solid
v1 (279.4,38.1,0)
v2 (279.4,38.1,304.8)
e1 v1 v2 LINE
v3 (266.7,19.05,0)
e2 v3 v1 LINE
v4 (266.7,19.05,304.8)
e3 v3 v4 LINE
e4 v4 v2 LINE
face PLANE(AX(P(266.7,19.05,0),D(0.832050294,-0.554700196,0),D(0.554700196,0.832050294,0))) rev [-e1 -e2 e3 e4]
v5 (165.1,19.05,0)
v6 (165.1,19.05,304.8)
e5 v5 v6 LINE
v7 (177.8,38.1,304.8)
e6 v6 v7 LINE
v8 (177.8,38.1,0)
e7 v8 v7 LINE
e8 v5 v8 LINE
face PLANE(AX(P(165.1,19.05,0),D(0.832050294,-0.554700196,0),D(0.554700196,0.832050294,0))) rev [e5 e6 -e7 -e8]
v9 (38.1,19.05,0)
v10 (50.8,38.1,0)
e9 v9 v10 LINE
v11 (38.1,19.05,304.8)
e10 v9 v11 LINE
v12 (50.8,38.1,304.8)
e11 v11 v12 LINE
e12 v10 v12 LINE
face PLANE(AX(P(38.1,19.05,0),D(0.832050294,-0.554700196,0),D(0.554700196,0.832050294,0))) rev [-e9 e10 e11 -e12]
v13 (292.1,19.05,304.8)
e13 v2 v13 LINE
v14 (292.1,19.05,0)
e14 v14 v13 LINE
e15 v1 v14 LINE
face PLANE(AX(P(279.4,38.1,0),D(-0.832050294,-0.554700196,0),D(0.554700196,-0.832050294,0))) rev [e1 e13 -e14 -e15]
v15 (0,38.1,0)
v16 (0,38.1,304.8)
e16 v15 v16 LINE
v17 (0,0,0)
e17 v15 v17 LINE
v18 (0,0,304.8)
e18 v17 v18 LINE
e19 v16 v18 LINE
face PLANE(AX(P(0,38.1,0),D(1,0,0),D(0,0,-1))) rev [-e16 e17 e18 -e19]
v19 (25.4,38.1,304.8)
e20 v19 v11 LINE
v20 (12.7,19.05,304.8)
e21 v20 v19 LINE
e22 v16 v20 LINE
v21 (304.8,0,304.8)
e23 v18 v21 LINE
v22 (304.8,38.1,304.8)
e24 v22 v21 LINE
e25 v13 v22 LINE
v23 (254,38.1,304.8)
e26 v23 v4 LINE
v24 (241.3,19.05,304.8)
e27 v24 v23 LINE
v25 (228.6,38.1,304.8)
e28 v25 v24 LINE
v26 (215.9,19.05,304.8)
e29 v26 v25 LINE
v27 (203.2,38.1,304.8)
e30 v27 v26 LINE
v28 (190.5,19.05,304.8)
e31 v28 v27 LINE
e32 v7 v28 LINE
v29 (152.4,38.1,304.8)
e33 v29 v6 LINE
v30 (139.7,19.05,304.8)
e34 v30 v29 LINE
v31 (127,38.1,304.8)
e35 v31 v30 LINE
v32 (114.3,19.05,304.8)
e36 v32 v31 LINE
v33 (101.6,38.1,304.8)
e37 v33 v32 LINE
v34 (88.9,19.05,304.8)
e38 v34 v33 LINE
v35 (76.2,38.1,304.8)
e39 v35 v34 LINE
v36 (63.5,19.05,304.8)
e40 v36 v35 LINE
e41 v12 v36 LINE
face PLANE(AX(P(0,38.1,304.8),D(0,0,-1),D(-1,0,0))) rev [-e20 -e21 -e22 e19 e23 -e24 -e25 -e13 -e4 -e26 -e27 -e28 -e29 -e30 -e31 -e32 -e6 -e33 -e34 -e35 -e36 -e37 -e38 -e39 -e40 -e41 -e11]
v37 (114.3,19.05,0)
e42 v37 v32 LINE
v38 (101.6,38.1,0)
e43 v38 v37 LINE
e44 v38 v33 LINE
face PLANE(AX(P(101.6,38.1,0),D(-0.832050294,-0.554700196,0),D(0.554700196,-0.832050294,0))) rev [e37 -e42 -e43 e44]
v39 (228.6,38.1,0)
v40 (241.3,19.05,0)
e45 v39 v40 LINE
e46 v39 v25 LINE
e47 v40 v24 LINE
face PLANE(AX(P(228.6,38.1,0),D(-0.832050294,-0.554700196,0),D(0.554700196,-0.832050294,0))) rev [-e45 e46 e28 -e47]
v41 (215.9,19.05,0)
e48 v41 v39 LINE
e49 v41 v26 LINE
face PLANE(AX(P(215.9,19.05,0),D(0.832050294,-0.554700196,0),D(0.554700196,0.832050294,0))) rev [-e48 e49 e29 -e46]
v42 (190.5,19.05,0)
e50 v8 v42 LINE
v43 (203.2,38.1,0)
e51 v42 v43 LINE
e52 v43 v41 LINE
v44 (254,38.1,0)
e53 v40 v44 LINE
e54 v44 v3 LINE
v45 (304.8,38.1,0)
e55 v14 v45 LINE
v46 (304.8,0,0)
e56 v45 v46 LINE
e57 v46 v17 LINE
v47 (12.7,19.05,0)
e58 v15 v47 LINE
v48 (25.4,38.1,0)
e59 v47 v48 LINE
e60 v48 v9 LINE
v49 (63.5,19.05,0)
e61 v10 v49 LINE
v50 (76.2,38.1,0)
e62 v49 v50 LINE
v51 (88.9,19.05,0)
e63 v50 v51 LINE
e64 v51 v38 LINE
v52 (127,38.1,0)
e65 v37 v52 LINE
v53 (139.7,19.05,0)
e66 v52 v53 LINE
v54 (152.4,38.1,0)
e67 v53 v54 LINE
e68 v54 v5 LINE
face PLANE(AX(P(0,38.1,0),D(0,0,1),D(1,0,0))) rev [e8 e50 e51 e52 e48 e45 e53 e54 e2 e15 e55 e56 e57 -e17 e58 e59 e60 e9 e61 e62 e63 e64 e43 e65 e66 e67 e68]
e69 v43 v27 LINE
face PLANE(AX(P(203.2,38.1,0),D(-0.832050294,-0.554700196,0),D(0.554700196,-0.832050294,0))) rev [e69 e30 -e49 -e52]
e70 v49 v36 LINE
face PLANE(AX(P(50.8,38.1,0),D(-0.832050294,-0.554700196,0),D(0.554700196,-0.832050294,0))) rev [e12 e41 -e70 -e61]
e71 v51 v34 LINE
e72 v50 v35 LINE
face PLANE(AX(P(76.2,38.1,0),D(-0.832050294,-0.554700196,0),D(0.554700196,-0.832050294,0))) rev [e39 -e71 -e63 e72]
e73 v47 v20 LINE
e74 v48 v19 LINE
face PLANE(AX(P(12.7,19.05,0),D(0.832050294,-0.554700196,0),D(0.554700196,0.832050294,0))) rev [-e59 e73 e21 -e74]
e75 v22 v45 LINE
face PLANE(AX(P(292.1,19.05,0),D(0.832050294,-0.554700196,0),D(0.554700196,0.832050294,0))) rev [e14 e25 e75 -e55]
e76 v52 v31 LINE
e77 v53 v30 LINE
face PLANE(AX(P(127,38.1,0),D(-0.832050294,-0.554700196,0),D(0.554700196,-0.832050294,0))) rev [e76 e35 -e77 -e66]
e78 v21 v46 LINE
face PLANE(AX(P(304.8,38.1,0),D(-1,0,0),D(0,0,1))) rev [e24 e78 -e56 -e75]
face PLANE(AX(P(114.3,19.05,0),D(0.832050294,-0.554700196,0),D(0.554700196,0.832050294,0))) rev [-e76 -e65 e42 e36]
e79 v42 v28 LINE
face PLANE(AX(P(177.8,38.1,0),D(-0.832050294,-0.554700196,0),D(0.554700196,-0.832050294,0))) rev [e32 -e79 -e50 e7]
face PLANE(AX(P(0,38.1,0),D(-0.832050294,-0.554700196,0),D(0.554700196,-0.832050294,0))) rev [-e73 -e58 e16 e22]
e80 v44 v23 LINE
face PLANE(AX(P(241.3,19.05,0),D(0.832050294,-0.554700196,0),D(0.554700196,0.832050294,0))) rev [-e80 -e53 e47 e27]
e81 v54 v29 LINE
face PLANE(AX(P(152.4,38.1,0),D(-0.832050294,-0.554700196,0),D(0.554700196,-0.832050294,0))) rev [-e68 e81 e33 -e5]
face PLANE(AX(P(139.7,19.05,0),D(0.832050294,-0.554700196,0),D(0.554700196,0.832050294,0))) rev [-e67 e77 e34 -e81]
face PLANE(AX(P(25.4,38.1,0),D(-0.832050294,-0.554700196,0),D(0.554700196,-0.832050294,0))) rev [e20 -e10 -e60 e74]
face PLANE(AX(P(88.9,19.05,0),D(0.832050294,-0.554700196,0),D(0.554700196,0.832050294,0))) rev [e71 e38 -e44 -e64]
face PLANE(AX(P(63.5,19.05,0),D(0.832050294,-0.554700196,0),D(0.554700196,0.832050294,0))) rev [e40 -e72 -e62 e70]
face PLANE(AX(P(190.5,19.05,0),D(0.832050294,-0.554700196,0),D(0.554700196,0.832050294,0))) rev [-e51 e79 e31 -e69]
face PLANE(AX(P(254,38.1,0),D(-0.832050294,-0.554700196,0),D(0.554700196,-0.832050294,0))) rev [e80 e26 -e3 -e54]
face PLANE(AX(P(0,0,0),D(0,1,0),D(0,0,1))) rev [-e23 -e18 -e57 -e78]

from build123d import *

# Parameters (mm, degrees)
SKETCH1_W           = 304.8
SKETCH1_H           = 304.8
BOSS_EXTRUDE1_DEPTH = 38.1
CUT_EXTRUDE1_DEPTH  = 305.8
LPATTERN1_COUNT     = 12
LPATTERN1_PITCH     = 25.4


with BuildPart() as part:
    # Sketch1 → Boss-Extrude1 (new body)
    with BuildSketch(Plane(origin=(0, 0, 0), x_dir=(1, 0, 0), z_dir=(0, 1, 0))):
        with Locations((152.4, -152.4)):
            Rectangle(SKETCH1_W, SKETCH1_H)
    extrude(amount=BOSS_EXTRUDE1_DEPTH)

    # Sketch2 → Cut-Extrude1 (cut, through all)
    with BuildSketch(Plane.XY.offset(304.8)):
        Polygon((0, 38.1), (12.7, 19.05), (25.4, 38.1), align=None)
    cut_extrude1 = extrude(amount=-CUT_EXTRUDE1_DEPTH, mode=Mode.SUBTRACT)

    # LPattern1: Cut-Extrude1 ×12
    with Locations(*[(i * LPATTERN1_PITCH, 0, 0) for i in range(1, LPATTERN1_COUNT)]):
        add(cut_extrude1, mode=Mode.SUBTRACT)


solid = part.part
